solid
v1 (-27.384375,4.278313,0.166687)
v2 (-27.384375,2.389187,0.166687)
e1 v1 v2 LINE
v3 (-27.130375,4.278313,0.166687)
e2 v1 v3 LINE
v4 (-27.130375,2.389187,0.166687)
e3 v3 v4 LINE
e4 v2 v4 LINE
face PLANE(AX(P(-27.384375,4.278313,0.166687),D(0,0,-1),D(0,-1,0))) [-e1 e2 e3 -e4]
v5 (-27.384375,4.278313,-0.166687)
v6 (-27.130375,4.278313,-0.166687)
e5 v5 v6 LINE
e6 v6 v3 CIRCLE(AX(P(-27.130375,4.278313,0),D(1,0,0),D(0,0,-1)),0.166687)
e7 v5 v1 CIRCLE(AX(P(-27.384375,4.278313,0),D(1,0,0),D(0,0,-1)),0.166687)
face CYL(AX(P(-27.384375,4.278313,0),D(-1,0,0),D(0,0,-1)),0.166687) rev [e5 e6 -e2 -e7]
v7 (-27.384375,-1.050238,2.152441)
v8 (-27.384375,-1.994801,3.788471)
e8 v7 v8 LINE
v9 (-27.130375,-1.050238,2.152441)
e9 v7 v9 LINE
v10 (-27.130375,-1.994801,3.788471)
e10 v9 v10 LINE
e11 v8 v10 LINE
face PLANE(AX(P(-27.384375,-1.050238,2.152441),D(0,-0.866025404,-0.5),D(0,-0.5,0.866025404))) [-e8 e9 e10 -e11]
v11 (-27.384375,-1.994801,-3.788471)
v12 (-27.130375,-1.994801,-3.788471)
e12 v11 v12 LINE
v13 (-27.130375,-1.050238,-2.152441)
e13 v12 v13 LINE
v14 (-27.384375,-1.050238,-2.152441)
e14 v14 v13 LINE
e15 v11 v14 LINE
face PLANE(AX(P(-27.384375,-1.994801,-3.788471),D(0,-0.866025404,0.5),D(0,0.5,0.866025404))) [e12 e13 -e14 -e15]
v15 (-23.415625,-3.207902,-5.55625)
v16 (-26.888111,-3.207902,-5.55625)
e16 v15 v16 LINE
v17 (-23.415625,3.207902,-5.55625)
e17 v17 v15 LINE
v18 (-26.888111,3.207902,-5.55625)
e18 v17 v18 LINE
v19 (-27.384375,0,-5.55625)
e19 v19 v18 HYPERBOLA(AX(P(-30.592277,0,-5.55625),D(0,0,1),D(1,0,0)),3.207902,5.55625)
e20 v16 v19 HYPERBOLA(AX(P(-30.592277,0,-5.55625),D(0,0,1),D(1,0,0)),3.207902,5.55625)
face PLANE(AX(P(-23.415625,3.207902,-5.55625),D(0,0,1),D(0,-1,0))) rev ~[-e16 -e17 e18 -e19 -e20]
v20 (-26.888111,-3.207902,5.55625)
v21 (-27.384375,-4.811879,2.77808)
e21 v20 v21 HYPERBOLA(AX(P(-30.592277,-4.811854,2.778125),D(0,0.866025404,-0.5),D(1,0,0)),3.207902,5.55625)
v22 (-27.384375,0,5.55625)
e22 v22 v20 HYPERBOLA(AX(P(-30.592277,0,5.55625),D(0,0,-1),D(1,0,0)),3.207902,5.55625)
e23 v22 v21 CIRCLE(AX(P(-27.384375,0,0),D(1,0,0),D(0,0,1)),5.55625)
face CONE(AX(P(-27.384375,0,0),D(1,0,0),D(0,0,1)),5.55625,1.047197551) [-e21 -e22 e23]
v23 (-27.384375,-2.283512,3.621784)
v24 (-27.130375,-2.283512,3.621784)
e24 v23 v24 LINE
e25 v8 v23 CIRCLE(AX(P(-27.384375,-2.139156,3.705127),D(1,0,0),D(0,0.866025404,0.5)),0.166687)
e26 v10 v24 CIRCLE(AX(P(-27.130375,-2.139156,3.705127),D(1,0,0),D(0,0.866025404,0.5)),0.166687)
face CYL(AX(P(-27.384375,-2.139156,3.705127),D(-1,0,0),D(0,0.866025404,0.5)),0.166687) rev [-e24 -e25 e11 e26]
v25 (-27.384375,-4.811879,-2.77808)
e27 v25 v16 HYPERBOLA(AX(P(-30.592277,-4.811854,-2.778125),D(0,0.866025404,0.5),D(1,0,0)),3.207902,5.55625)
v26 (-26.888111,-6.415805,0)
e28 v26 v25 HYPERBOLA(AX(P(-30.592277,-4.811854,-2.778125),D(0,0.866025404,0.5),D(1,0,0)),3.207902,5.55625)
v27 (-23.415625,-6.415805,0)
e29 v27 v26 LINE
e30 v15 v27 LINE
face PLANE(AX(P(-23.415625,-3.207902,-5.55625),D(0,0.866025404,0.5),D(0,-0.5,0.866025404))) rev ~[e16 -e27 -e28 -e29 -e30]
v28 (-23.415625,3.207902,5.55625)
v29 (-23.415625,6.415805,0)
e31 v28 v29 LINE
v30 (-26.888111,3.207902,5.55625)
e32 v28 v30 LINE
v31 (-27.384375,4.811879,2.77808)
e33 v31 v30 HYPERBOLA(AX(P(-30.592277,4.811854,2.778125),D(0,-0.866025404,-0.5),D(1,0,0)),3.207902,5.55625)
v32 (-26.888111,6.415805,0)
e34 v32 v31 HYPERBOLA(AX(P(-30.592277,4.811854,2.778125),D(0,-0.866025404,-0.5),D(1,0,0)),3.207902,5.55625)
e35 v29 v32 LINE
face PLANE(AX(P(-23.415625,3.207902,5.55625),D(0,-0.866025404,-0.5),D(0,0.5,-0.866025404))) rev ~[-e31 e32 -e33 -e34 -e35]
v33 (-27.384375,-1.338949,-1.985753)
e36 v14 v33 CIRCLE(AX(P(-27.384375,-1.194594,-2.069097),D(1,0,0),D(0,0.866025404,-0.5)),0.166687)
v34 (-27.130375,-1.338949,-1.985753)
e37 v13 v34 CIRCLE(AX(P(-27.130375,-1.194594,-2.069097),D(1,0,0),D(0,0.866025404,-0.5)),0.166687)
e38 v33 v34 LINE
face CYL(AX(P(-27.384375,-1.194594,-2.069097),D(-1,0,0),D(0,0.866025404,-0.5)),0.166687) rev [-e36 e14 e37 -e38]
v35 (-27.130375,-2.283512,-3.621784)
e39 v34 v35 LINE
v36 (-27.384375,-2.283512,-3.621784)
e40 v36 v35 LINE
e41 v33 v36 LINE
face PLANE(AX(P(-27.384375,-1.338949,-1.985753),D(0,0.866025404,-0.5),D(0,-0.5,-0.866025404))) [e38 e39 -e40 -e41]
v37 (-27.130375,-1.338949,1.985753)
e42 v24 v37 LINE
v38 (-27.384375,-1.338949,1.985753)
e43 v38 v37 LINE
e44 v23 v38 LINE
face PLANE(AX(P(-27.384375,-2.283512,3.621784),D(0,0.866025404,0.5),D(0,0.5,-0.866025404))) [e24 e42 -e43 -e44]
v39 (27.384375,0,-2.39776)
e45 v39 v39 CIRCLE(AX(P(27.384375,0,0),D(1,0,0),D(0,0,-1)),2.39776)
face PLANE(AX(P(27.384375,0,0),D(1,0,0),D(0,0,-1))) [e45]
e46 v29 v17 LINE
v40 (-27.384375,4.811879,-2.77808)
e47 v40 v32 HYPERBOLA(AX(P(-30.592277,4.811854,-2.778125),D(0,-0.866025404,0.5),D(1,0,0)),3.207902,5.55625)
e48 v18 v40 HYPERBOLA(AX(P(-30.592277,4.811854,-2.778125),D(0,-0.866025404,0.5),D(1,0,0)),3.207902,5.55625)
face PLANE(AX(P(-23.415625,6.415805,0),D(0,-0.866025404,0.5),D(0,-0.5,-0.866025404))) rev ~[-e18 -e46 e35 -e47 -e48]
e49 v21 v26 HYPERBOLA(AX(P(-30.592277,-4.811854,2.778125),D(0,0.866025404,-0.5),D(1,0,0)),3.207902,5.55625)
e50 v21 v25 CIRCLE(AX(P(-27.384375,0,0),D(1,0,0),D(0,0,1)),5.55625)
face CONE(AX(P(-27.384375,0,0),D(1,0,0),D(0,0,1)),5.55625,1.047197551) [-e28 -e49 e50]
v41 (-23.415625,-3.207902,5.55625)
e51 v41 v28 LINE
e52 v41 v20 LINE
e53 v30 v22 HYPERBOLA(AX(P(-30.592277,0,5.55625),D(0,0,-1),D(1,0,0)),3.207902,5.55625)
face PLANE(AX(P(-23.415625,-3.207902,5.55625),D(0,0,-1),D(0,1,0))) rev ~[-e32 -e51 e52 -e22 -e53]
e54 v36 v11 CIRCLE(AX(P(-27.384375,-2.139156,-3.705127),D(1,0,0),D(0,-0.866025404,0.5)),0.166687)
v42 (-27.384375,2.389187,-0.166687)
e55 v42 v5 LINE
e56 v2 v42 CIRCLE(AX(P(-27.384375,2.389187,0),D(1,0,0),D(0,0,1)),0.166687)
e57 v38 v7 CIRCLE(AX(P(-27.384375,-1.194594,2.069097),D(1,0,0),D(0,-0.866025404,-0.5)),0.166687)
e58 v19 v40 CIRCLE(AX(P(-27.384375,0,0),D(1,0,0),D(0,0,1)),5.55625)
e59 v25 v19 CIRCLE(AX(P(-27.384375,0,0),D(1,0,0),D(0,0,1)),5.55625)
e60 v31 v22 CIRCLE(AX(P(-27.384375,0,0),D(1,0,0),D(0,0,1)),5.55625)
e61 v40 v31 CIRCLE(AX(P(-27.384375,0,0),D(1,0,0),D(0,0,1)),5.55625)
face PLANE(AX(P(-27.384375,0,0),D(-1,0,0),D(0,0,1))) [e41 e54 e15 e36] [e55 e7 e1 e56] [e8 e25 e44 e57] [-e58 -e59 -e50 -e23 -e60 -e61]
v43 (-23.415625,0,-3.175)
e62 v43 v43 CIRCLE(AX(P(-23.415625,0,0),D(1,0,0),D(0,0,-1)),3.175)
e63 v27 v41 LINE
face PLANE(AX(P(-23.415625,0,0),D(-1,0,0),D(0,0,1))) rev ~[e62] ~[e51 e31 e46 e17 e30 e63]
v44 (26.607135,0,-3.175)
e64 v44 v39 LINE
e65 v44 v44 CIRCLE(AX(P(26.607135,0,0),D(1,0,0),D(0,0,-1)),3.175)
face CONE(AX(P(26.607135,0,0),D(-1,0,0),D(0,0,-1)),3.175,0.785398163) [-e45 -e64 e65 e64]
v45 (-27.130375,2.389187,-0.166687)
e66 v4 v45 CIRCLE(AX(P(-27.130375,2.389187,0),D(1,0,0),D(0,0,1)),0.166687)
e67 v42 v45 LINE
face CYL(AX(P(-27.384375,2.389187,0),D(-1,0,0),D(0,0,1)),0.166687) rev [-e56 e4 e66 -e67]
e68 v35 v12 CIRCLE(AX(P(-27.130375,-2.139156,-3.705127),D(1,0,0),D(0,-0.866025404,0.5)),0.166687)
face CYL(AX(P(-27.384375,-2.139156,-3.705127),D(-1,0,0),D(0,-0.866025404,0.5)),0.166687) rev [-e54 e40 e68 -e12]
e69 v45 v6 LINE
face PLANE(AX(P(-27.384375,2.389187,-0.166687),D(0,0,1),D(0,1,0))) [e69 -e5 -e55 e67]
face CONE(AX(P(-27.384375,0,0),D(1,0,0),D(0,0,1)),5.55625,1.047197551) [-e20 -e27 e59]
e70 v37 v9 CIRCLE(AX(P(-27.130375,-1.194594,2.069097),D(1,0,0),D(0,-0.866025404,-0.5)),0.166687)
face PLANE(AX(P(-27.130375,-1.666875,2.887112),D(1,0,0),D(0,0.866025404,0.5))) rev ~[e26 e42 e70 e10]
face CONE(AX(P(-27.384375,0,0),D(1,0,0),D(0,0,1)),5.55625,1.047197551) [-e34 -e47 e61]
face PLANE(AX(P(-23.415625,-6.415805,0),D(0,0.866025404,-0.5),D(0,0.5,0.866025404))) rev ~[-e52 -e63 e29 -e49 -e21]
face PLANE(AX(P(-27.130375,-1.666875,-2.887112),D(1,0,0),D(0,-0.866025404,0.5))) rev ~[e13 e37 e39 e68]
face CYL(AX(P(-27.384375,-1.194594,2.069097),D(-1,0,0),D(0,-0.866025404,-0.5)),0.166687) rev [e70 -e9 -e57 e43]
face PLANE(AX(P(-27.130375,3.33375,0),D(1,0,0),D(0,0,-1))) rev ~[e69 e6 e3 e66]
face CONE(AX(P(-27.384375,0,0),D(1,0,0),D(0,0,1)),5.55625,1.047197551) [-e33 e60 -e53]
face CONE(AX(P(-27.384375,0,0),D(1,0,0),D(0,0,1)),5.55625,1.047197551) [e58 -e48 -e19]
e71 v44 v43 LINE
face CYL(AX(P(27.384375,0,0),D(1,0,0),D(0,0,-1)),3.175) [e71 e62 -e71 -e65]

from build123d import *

# Parameters (mm, degrees)
SKETCH5_R           = 3.175
BOSS_EXTRUDE3_DEPTH = 50.8
CHAMFER1_SIZE       = 0.77724
BOSS_EXTRUDE4_DEPTH = 3.96875
SKETCH8_OUTSIDE_W   = 217.768
SKETCH8_OUTSIDE_H   = 219.488
SKETCH8_OUTSIDE_R   = 5.55625
CUT_EXTRUDE3_DEPTH  = 55.76875
CUT_EXTRUDE3_TAPER  = 60
CUT_EXTRUDE4_DEPTH  = 0.254
CIRPATTERN1_COUNT   = 3


with BuildPart() as part:
    # Sketch5 → Boss-Extrude3 (new body)
    with BuildSketch(Plane(origin=(27.384375, 0, 0), x_dir=(0, 0, -1), z_dir=(1, 0, 0))):
        Circle(SKETCH5_R)
    extrude(amount=-BOSS_EXTRUDE3_DEPTH)

    # Chamfer1
    chamfer1_edges = [part.edges().sort_by_distance(p)[0] for p in [
        (27.384375, 0, 3.175),
    ]]
    chamfer(chamfer1_edges, length=CHAMFER1_SIZE)

    # Sketch6 → Boss-Extrude4 (add)
    with BuildSketch(Plane.ZY.offset(23.415625)):
        Polygon((5.55625, 3.207902433), (0, 6.415804866), (-5.55625, 3.207902433), (-5.55625, -3.207902433), (0, -6.415804866), (5.55625, -3.207902433), align=None)
    extrude(amount=BOSS_EXTRUDE4_DEPTH)

    # Sketch8 outside → Cut-Extrude3 (cut, through all)
    with BuildSketch(Plane.ZY.offset(27.384375)):
        Rectangle(SKETCH8_OUTSIDE_W, SKETCH8_OUTSIDE_H)
        Circle(SKETCH8_OUTSIDE_R, mode=Mode.SUBTRACT)
    extrude(amount=-CUT_EXTRUDE3_DEPTH, taper=CUT_EXTRUDE3_TAPER, mode=Mode.SUBTRACT)

    # Sketch12 → Cut-Extrude4 (cut)
    with BuildSketch(Plane.ZY.offset(27.384375)):
        with BuildLine():
            Line((0.1666875, 4.2783125), (0.1666875, 2.3891875))
            ThreePointArc((0.1666875, 2.3891875), (0, 2.2225), (-0.1666875, 2.3891875))
            Line((-0.1666875, 2.3891875), (-0.1666875, 4.2783125))
            ThreePointArc((-0.1666875, 4.2783125), (0, 4.445), (0.1666875, 4.2783125))
        make_face()
    cut_extrude4 = extrude(amount=-CUT_EXTRUDE4_DEPTH, mode=Mode.SUBTRACT)

    # CirPattern1: Cut-Extrude4 ×3 about axis
    cirpattern1_axis = Axis((0, 0, 0), (1, 0, 0))
    for i in range(1, CIRPATTERN1_COUNT):
        add(cut_extrude4.rotate(cirpattern1_axis, i * 360 / CIRPATTERN1_COUNT), mode=Mode.SUBTRACT)


solid = part.part
